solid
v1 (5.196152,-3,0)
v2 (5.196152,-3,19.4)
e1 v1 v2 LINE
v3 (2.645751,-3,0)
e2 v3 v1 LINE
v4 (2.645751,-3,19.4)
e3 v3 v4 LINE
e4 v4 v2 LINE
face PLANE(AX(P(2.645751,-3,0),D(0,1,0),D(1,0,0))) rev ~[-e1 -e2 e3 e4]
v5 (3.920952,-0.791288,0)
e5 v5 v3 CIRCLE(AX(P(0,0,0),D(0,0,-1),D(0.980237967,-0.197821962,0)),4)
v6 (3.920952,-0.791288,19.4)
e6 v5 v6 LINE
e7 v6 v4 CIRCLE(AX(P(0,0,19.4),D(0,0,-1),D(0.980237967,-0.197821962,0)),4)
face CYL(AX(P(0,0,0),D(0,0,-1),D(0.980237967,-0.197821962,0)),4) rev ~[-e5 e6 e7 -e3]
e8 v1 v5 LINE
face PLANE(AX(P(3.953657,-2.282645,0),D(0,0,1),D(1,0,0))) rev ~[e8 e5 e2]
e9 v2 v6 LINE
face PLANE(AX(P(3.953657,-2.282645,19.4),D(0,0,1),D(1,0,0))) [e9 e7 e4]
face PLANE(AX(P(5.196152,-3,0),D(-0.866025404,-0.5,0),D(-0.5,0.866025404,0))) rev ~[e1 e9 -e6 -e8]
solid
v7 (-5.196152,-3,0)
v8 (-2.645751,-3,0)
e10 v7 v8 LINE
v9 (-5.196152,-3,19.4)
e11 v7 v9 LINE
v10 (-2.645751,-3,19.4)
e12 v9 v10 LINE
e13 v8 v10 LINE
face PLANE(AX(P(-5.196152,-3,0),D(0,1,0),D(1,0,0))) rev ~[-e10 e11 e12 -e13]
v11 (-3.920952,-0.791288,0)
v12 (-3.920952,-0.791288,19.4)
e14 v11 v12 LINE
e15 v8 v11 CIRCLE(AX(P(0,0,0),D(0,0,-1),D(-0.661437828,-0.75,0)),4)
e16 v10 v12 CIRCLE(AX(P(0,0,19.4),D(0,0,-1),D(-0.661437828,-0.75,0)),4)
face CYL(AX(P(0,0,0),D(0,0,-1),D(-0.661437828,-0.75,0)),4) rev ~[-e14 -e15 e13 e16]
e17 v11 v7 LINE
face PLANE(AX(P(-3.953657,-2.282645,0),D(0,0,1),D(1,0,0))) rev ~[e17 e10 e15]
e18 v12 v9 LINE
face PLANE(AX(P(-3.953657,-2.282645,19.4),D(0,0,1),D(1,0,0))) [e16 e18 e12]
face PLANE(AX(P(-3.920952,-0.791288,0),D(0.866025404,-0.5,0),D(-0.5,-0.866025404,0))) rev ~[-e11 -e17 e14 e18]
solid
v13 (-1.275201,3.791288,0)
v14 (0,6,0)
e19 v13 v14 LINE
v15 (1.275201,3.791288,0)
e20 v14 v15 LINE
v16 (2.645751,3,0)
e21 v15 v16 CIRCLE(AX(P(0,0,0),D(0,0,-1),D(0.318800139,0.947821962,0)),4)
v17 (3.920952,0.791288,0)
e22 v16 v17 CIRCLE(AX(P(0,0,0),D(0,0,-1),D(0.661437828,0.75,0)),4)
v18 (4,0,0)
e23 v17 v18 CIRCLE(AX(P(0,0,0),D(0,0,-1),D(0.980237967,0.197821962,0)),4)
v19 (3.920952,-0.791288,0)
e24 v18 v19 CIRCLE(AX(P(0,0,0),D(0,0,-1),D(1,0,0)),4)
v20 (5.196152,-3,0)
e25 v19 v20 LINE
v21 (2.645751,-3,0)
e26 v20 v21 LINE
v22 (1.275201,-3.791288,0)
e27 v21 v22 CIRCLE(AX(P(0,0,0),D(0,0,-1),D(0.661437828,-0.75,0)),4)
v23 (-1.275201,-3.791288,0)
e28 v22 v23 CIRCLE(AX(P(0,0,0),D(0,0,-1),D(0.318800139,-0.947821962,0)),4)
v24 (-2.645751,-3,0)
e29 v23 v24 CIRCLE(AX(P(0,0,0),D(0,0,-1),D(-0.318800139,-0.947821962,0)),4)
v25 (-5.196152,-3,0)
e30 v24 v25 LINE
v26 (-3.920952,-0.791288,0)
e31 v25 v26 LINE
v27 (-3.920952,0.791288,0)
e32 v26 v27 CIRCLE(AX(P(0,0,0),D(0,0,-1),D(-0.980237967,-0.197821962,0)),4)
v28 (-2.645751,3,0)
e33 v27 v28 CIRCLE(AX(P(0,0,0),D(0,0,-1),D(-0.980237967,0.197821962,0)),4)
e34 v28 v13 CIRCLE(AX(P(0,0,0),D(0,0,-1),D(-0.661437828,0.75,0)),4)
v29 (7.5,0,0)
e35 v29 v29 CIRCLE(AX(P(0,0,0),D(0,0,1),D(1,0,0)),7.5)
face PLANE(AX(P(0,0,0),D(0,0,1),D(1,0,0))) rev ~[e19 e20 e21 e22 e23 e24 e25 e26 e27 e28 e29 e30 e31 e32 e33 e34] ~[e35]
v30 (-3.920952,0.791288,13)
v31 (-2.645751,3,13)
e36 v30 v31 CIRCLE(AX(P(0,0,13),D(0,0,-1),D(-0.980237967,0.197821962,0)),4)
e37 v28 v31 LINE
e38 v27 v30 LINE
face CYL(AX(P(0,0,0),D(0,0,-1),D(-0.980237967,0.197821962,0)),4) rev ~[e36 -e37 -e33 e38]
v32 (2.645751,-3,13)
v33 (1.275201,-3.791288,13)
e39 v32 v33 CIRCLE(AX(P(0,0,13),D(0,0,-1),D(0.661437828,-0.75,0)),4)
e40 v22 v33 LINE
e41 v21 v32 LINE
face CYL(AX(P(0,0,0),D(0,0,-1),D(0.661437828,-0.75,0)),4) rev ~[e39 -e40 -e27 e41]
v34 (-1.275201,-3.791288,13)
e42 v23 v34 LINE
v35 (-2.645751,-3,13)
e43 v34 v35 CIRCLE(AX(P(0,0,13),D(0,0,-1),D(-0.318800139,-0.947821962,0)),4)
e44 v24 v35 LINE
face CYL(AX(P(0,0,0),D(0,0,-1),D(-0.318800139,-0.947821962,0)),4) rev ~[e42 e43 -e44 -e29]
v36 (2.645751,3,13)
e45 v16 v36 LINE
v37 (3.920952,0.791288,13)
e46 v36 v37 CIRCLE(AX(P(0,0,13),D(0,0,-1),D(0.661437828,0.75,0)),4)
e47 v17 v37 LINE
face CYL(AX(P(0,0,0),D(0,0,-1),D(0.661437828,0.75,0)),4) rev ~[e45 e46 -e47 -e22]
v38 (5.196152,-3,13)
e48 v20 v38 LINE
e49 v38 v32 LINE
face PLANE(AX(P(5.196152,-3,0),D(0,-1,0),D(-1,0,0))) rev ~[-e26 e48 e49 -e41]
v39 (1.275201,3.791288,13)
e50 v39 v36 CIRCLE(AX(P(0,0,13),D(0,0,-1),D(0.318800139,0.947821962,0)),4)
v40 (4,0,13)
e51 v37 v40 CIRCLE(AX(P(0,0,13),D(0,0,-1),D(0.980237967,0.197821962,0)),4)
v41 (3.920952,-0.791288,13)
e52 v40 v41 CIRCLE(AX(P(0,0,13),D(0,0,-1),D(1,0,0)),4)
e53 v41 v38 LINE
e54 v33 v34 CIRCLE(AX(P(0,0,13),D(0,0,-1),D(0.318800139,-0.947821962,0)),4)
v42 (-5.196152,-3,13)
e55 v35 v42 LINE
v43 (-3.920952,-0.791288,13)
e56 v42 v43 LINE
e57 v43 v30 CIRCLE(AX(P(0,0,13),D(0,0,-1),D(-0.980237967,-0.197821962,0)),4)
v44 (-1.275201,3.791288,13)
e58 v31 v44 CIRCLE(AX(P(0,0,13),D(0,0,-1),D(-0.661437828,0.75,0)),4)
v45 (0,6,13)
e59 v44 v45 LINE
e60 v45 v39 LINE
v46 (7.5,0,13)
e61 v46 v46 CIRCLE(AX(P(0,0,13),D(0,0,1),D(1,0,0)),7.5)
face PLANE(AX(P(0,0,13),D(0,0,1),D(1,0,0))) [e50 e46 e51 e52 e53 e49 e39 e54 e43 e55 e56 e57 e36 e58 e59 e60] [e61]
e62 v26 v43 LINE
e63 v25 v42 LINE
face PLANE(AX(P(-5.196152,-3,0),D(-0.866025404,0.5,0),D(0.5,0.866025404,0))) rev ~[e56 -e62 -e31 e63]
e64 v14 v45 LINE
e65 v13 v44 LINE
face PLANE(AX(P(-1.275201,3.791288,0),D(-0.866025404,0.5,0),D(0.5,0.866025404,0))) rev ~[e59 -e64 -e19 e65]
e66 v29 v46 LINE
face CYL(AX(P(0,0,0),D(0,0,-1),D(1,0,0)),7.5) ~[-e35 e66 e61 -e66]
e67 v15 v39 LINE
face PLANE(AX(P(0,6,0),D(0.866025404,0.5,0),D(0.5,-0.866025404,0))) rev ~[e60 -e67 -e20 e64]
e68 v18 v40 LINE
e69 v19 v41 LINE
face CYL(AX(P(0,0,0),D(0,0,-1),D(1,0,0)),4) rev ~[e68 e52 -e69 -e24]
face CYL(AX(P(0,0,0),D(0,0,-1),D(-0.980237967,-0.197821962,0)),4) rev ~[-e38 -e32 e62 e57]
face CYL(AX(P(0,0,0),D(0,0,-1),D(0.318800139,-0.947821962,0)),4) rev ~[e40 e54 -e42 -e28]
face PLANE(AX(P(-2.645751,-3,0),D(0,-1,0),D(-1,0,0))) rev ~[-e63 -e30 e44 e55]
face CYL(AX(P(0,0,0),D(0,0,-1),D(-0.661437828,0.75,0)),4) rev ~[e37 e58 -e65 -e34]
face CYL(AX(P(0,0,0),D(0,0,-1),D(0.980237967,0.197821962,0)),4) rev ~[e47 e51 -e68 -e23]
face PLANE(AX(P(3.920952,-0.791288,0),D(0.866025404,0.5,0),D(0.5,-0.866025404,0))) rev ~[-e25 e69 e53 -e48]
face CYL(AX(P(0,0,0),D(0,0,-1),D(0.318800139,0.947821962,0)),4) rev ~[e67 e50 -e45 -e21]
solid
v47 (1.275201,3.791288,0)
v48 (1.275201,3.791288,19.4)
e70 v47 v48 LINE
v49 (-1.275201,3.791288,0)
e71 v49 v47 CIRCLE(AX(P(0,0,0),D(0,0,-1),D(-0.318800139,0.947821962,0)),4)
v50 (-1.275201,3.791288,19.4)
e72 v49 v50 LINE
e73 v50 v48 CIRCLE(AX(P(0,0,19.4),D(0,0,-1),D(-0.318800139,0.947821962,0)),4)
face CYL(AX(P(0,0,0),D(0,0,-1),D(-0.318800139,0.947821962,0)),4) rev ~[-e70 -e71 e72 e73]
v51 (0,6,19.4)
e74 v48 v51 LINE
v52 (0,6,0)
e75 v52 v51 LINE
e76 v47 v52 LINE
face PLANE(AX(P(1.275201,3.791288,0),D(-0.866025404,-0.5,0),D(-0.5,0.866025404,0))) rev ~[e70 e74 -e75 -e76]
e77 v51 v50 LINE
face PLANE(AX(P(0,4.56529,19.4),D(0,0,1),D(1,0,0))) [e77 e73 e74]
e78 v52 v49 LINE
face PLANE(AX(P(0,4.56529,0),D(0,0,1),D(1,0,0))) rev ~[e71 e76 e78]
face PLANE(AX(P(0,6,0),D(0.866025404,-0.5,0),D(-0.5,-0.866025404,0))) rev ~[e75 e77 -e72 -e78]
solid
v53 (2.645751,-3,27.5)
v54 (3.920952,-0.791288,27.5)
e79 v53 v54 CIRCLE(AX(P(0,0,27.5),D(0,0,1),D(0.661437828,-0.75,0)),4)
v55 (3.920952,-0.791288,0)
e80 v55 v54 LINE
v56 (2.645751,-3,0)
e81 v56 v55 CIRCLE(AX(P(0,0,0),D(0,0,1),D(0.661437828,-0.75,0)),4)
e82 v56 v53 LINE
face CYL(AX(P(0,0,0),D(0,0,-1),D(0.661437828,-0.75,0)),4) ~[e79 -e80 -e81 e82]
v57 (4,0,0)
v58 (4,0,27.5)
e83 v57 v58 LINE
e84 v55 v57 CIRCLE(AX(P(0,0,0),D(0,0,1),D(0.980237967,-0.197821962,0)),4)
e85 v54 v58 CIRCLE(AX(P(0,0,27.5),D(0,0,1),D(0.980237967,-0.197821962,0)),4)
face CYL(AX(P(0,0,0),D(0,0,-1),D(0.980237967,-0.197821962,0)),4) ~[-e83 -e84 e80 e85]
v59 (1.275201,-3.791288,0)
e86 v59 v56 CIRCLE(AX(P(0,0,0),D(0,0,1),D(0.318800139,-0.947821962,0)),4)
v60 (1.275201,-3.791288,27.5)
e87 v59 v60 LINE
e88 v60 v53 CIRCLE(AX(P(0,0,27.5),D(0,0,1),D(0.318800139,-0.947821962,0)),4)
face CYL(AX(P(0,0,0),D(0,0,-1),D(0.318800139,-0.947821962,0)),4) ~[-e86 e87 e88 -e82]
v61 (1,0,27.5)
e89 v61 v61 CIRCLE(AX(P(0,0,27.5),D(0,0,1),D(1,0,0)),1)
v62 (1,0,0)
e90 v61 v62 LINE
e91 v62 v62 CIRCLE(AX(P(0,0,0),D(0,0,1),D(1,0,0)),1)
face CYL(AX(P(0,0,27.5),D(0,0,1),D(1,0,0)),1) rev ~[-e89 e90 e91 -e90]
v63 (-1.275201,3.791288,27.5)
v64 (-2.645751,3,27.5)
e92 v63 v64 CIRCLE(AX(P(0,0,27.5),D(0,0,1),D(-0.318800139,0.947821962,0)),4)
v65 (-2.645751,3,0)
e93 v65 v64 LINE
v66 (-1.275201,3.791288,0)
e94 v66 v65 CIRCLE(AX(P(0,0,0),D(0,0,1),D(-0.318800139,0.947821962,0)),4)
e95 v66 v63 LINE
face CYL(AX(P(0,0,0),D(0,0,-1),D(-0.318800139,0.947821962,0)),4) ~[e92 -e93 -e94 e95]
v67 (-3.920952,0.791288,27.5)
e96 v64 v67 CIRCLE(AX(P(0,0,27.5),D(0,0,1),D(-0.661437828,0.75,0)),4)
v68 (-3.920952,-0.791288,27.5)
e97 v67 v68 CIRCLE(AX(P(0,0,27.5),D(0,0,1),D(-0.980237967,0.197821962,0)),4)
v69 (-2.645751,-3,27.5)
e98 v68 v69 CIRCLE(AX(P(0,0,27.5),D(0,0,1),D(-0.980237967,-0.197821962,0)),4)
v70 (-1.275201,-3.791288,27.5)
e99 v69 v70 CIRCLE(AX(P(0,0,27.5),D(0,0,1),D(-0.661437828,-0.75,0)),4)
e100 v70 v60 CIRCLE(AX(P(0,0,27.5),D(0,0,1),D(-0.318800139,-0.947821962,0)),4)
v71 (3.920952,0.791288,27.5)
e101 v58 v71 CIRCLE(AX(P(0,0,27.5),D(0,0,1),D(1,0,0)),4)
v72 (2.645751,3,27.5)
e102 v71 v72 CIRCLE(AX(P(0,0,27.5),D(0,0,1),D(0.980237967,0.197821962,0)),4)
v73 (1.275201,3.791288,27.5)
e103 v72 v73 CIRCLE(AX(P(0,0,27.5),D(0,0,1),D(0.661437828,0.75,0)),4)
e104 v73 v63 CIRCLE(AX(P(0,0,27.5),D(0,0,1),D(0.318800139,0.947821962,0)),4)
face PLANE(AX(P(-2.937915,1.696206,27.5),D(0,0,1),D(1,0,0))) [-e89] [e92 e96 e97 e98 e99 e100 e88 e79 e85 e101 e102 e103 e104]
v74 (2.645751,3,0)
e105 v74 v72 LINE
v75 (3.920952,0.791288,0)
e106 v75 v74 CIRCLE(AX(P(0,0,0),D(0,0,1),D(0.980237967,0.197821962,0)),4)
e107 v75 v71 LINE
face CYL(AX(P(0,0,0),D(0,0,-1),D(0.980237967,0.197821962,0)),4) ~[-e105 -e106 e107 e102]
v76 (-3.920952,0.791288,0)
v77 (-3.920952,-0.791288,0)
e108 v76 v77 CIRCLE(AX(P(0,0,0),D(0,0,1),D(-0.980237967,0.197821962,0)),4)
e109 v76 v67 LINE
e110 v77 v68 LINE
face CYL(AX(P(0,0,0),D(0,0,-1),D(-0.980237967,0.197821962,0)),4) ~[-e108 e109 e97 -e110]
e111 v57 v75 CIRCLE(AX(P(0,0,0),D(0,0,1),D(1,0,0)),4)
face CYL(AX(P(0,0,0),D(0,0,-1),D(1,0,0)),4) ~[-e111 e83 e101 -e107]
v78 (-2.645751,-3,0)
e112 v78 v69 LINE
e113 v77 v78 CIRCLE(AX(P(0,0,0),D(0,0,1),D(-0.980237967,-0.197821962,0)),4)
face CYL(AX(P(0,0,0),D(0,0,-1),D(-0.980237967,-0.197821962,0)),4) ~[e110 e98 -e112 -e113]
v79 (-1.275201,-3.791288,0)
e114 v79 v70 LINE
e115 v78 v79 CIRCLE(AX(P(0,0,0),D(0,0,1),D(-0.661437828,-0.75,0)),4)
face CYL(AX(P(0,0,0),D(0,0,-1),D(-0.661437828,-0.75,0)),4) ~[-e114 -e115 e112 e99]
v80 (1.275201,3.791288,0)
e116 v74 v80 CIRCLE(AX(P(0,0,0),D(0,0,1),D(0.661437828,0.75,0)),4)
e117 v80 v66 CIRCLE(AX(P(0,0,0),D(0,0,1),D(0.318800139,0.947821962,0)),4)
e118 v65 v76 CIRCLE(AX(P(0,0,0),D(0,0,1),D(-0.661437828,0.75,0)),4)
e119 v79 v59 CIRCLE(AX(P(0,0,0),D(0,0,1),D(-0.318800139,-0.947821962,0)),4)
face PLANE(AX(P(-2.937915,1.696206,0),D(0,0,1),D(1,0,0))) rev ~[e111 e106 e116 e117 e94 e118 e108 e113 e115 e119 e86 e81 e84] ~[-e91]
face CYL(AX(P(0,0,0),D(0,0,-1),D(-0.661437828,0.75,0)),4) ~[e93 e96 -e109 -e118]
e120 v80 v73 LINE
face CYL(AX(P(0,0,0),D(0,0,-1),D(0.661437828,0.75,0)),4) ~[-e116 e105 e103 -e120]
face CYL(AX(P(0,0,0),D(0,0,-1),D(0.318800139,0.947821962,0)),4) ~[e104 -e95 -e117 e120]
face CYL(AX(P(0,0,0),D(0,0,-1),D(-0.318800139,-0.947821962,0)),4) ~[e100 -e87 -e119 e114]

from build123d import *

# Parameters (mm, degrees)
F1_DEPTH = 19.4
F2_DEPTH = 27.5
F0_R     = 7.5
F3_DEPTH = 13
F4_R     = 1
F5_DEPTH = 30


with BuildPart() as f1:
    # F0 (on Top) → F1 (new body)
    with BuildSketch(Plane.XY):
        with BuildLine():
            Line((5.1961524227, -3), (3.9209518669, -0.7912878475))
            ThreePointArc((3.9209518669, -0.7912878475), (3.4641016151, -2), (2.6457513111, -3))
            Line((2.6457513111, -3), (5.1961524227, -3))
        make_face()
    extrude(amount=F1_DEPTH)


with BuildPart() as f1b:
    # F0 (on Top) → F1, piece 2 (new body)
    with BuildSketch(Plane.XY):
        with BuildLine():
            Line((-5.1961524227, -3), (-2.6457513111, -3))
            ThreePointArc((-2.6457513111, -3), (-3.4641016151, -2), (-3.9209518669, -0.7912878475))
            Line((-3.9209518669, -0.7912878475), (-5.1961524227, -3))
        make_face()
    extrude(amount=F1_DEPTH)


with BuildPart() as f1c:
    # F0 (on Top) → F1, piece 3 (new body)
    with BuildSketch(Plane.XY):
        with BuildLine():
            ThreePointArc((-1.2752005558, 3.7912878475), (0, 4), (1.2752005558, 3.7912878475))
            Line((1.2752005558, 3.7912878475), (0, 6))
            Line((0, 6), (-1.2752005558, 3.7912878475))
        make_face()
    extrude(amount=F1_DEPTH)


with BuildPart() as f2:
    # F0 (on Top) → F2 (new body)
    with BuildSketch(Plane.XY):
        with BuildLine():
            Line((-3.4641016151, 0), (-1.7320508076, 3))
            Line((-1.7320508076, 3), (-2.6457513111, 3))
            ThreePointArc((-2.6457513111, 3), (-3.4641016151, 2), (-3.9209518669, 0.7912878475))
            Line((-3.9209518669, 0.7912878475), (-3.4641016151, 0))
        make_face()
        with BuildLine():
            Line((-1.7320508076, 3), (-1.2752005558, 3.7912878475))
            ThreePointArc((-1.2752005558, 3.7912878475), (-2, 3.4641016151), (-2.6457513111, 3))
            Line((-2.6457513111, 3), (-1.7320508076, 3))
        make_face()
        with BuildLine():
            Line((1.7320508076, 3), (1.2752005558, 3.7912878475))
            ThreePointArc((1.2752005558, 3.7912878475), (0, 4), (-1.2752005558, 3.7912878475))
            Line((-1.2752005558, 3.7912878475), (-1.7320508076, 3))
            Line((-1.7320508076, 3), (1.7320508076, 3))
        make_face()
        with BuildLine():
            Line((1.7320508076, 3), (2.6457513111, 3))
            ThreePointArc((2.6457513111, 3), (2, 3.4641016151), (1.2752005558, 3.7912878475))
            Line((1.2752005558, 3.7912878475), (1.7320508076, 3))
        make_face()
        with BuildLine():
            Line((3.4641016151, 0), (3.9209518669, 0.7912878475))
            ThreePointArc((3.9209518669, 0.7912878475), (3.4641016151, 2), (2.6457513111, 3))
            Line((2.6457513111, 3), (1.7320508076, 3))
            Line((1.7320508076, 3), (3.4641016151, 0))
        make_face()
        with BuildLine():
            ThreePointArc((3.9209518669, -0.7912878475), (3.9801889068, -0.3976132118), (4, 0))
            ThreePointArc((4, 0), (3.9801889068, 0.3976132118), (3.9209518669, 0.7912878475))
            Line((3.9209518669, 0.7912878475), (3.4641016151, 0))
            Line((3.4641016151, 0), (3.9209518669, -0.7912878475))
        make_face()
        with BuildLine():
            ThreePointArc((2.6457513111, -3), (3.4641016151, -2), (3.9209518669, -0.7912878475))
            Line((3.9209518669, -0.7912878475), (3.4641016151, 0))
            Line((3.4641016151, 0), (1.7320508076, -3))
            Line((1.7320508076, -3), (2.6457513111, -3))
        make_face()
        with BuildLine():
            Line((1.2752005558, -3.7912878475), (1.7320508076, -3))
            Line((1.7320508076, -3), (-1.7320508076, -3))
            Line((-1.7320508076, -3), (-1.2752005558, -3.7912878475))
            ThreePointArc((-1.2752005558, -3.7912878475), (0, -4), (1.2752005558, -3.7912878475))
        make_face()
        with BuildLine():
            Line((-1.2752005558, -3.7912878475), (-1.7320508076, -3))
            Line((-1.7320508076, -3), (-2.6457513111, -3))
            ThreePointArc((-2.6457513111, -3), (-2, -3.4641016151), (-1.2752005558, -3.7912878475))
        make_face()
        with BuildLine():
            Line((-2.6457513111, -3), (-1.7320508076, -3))
            Line((-1.7320508076, -3), (-3.4641016151, 0))
            Line((-3.4641016151, 0), (-3.9209518669, -0.7912878475))
            ThreePointArc((-3.9209518669, -0.7912878475), (-3.4641016151, -2), (-2.6457513111, -3))
        make_face()
        with BuildLine():
            Line((-3.9209518669, -0.7912878475), (-3.4641016151, 0))
            Line((-3.4641016151, 0), (-3.9209518669, 0.7912878475))
            ThreePointArc((-3.9209518669, 0.7912878475), (-4, 0), (-3.9209518669, -0.7912878475))
        make_face()
        Polygon((1.7320508076, -3), (3.4641016151, 0), (1.7320508076, 3), (-1.7320508076, 3), (-3.4641016151, 0), (-1.7320508076, -3), align=None)
        with BuildLine():
            ThreePointArc((1.2752005558, -3.7912878475), (2, -3.4641016151), (2.6457513111, -3))
            Line((2.6457513111, -3), (1.7320508076, -3))
            Line((1.7320508076, -3), (1.2752005558, -3.7912878475))
        make_face()
    extrude(amount=F2_DEPTH)

    # F4 (on face) → F5 (cut)
    with BuildSketch(Plane.XY.offset(27.5)):
        Circle(F4_R)
    extrude(amount=-F5_DEPTH, mode=Mode.SUBTRACT)


with BuildPart() as f3:
    # F0 (on Top) → F3 (new body)
    with BuildSketch(Plane.XY):
        Circle(F0_R)
        with BuildLine():
            ThreePointArc((3.9209518669, 0.7912878475), (3.9801889068, 0.3976132118), (4, 0))
            ThreePointArc((4, 0), (3.9801889068, -0.3976132118), (3.9209518669, -0.7912878475))
            Line((3.9209518669, -0.7912878475), (5.1961524227, -3))
            Line((5.1961524227, -3), (2.6457513111, -3))
            ThreePointArc((2.6457513111, -3), (2, -3.4641016151), (1.2752005558, -3.7912878475))
            Line((1.2752005558, -3.7912878475), (0, -6))
            Line((0, -6), (-1.2752005558, -3.7912878475))
            ThreePointArc((-1.2752005558, -3.7912878475), (-2, -3.4641016151), (-2.6457513111, -3))
            Line((-2.6457513111, -3), (-5.1961524227, -3))
            Line((-5.1961524227, -3), (-3.9209518669, -0.7912878475))
            ThreePointArc((-3.9209518669, -0.7912878475), (-4, 0), (-3.9209518669, 0.7912878475))
            Line((-3.9209518669, 0.7912878475), (-5.1961524227, 3))
            Line((-5.1961524227, 3), (-2.6457513111, 3))
            ThreePointArc((-2.6457513111, 3), (-2, 3.4641016151), (-1.2752005558, 3.7912878475))
            Line((-1.2752005558, 3.7912878475), (0, 6))
            Line((0, 6), (1.2752005558, 3.7912878475))
            ThreePointArc((1.2752005558, 3.7912878475), (2, 3.4641016151), (2.6457513111, 3))
            Line((2.6457513111, 3), (5.1961524227, 3))
            Line((5.1961524227, 3), (3.9209518669, 0.7912878475))
        make_face(mode=Mode.SUBTRACT)
        with BuildLine():
            ThreePointArc((-3.9209518669, 0.7912878475), (-3.4641016151, 2), (-2.6457513111, 3))
            Line((-2.6457513111, 3), (-5.1961524227, 3))
            Line((-5.1961524227, 3), (-3.9209518669, 0.7912878475))
        make_face()
        with BuildLine():
            ThreePointArc((2.6457513111, 3), (3.4641016151, 2), (3.9209518669, 0.7912878475))
            Line((3.9209518669, 0.7912878475), (5.1961524227, 3))
            Line((5.1961524227, 3), (2.6457513111, 3))
        make_face()
        with BuildLine():
            Line((0, -6), (1.2752005558, -3.7912878475))
            ThreePointArc((1.2752005558, -3.7912878475), (0, -4), (-1.2752005558, -3.7912878475))
            Line((-1.2752005558, -3.7912878475), (0, -6))
        make_face()
    extrude(amount=F3_DEPTH)


solid = Compound([f1.part, f1b.part, f1c.part, f2.part, f3.part])
